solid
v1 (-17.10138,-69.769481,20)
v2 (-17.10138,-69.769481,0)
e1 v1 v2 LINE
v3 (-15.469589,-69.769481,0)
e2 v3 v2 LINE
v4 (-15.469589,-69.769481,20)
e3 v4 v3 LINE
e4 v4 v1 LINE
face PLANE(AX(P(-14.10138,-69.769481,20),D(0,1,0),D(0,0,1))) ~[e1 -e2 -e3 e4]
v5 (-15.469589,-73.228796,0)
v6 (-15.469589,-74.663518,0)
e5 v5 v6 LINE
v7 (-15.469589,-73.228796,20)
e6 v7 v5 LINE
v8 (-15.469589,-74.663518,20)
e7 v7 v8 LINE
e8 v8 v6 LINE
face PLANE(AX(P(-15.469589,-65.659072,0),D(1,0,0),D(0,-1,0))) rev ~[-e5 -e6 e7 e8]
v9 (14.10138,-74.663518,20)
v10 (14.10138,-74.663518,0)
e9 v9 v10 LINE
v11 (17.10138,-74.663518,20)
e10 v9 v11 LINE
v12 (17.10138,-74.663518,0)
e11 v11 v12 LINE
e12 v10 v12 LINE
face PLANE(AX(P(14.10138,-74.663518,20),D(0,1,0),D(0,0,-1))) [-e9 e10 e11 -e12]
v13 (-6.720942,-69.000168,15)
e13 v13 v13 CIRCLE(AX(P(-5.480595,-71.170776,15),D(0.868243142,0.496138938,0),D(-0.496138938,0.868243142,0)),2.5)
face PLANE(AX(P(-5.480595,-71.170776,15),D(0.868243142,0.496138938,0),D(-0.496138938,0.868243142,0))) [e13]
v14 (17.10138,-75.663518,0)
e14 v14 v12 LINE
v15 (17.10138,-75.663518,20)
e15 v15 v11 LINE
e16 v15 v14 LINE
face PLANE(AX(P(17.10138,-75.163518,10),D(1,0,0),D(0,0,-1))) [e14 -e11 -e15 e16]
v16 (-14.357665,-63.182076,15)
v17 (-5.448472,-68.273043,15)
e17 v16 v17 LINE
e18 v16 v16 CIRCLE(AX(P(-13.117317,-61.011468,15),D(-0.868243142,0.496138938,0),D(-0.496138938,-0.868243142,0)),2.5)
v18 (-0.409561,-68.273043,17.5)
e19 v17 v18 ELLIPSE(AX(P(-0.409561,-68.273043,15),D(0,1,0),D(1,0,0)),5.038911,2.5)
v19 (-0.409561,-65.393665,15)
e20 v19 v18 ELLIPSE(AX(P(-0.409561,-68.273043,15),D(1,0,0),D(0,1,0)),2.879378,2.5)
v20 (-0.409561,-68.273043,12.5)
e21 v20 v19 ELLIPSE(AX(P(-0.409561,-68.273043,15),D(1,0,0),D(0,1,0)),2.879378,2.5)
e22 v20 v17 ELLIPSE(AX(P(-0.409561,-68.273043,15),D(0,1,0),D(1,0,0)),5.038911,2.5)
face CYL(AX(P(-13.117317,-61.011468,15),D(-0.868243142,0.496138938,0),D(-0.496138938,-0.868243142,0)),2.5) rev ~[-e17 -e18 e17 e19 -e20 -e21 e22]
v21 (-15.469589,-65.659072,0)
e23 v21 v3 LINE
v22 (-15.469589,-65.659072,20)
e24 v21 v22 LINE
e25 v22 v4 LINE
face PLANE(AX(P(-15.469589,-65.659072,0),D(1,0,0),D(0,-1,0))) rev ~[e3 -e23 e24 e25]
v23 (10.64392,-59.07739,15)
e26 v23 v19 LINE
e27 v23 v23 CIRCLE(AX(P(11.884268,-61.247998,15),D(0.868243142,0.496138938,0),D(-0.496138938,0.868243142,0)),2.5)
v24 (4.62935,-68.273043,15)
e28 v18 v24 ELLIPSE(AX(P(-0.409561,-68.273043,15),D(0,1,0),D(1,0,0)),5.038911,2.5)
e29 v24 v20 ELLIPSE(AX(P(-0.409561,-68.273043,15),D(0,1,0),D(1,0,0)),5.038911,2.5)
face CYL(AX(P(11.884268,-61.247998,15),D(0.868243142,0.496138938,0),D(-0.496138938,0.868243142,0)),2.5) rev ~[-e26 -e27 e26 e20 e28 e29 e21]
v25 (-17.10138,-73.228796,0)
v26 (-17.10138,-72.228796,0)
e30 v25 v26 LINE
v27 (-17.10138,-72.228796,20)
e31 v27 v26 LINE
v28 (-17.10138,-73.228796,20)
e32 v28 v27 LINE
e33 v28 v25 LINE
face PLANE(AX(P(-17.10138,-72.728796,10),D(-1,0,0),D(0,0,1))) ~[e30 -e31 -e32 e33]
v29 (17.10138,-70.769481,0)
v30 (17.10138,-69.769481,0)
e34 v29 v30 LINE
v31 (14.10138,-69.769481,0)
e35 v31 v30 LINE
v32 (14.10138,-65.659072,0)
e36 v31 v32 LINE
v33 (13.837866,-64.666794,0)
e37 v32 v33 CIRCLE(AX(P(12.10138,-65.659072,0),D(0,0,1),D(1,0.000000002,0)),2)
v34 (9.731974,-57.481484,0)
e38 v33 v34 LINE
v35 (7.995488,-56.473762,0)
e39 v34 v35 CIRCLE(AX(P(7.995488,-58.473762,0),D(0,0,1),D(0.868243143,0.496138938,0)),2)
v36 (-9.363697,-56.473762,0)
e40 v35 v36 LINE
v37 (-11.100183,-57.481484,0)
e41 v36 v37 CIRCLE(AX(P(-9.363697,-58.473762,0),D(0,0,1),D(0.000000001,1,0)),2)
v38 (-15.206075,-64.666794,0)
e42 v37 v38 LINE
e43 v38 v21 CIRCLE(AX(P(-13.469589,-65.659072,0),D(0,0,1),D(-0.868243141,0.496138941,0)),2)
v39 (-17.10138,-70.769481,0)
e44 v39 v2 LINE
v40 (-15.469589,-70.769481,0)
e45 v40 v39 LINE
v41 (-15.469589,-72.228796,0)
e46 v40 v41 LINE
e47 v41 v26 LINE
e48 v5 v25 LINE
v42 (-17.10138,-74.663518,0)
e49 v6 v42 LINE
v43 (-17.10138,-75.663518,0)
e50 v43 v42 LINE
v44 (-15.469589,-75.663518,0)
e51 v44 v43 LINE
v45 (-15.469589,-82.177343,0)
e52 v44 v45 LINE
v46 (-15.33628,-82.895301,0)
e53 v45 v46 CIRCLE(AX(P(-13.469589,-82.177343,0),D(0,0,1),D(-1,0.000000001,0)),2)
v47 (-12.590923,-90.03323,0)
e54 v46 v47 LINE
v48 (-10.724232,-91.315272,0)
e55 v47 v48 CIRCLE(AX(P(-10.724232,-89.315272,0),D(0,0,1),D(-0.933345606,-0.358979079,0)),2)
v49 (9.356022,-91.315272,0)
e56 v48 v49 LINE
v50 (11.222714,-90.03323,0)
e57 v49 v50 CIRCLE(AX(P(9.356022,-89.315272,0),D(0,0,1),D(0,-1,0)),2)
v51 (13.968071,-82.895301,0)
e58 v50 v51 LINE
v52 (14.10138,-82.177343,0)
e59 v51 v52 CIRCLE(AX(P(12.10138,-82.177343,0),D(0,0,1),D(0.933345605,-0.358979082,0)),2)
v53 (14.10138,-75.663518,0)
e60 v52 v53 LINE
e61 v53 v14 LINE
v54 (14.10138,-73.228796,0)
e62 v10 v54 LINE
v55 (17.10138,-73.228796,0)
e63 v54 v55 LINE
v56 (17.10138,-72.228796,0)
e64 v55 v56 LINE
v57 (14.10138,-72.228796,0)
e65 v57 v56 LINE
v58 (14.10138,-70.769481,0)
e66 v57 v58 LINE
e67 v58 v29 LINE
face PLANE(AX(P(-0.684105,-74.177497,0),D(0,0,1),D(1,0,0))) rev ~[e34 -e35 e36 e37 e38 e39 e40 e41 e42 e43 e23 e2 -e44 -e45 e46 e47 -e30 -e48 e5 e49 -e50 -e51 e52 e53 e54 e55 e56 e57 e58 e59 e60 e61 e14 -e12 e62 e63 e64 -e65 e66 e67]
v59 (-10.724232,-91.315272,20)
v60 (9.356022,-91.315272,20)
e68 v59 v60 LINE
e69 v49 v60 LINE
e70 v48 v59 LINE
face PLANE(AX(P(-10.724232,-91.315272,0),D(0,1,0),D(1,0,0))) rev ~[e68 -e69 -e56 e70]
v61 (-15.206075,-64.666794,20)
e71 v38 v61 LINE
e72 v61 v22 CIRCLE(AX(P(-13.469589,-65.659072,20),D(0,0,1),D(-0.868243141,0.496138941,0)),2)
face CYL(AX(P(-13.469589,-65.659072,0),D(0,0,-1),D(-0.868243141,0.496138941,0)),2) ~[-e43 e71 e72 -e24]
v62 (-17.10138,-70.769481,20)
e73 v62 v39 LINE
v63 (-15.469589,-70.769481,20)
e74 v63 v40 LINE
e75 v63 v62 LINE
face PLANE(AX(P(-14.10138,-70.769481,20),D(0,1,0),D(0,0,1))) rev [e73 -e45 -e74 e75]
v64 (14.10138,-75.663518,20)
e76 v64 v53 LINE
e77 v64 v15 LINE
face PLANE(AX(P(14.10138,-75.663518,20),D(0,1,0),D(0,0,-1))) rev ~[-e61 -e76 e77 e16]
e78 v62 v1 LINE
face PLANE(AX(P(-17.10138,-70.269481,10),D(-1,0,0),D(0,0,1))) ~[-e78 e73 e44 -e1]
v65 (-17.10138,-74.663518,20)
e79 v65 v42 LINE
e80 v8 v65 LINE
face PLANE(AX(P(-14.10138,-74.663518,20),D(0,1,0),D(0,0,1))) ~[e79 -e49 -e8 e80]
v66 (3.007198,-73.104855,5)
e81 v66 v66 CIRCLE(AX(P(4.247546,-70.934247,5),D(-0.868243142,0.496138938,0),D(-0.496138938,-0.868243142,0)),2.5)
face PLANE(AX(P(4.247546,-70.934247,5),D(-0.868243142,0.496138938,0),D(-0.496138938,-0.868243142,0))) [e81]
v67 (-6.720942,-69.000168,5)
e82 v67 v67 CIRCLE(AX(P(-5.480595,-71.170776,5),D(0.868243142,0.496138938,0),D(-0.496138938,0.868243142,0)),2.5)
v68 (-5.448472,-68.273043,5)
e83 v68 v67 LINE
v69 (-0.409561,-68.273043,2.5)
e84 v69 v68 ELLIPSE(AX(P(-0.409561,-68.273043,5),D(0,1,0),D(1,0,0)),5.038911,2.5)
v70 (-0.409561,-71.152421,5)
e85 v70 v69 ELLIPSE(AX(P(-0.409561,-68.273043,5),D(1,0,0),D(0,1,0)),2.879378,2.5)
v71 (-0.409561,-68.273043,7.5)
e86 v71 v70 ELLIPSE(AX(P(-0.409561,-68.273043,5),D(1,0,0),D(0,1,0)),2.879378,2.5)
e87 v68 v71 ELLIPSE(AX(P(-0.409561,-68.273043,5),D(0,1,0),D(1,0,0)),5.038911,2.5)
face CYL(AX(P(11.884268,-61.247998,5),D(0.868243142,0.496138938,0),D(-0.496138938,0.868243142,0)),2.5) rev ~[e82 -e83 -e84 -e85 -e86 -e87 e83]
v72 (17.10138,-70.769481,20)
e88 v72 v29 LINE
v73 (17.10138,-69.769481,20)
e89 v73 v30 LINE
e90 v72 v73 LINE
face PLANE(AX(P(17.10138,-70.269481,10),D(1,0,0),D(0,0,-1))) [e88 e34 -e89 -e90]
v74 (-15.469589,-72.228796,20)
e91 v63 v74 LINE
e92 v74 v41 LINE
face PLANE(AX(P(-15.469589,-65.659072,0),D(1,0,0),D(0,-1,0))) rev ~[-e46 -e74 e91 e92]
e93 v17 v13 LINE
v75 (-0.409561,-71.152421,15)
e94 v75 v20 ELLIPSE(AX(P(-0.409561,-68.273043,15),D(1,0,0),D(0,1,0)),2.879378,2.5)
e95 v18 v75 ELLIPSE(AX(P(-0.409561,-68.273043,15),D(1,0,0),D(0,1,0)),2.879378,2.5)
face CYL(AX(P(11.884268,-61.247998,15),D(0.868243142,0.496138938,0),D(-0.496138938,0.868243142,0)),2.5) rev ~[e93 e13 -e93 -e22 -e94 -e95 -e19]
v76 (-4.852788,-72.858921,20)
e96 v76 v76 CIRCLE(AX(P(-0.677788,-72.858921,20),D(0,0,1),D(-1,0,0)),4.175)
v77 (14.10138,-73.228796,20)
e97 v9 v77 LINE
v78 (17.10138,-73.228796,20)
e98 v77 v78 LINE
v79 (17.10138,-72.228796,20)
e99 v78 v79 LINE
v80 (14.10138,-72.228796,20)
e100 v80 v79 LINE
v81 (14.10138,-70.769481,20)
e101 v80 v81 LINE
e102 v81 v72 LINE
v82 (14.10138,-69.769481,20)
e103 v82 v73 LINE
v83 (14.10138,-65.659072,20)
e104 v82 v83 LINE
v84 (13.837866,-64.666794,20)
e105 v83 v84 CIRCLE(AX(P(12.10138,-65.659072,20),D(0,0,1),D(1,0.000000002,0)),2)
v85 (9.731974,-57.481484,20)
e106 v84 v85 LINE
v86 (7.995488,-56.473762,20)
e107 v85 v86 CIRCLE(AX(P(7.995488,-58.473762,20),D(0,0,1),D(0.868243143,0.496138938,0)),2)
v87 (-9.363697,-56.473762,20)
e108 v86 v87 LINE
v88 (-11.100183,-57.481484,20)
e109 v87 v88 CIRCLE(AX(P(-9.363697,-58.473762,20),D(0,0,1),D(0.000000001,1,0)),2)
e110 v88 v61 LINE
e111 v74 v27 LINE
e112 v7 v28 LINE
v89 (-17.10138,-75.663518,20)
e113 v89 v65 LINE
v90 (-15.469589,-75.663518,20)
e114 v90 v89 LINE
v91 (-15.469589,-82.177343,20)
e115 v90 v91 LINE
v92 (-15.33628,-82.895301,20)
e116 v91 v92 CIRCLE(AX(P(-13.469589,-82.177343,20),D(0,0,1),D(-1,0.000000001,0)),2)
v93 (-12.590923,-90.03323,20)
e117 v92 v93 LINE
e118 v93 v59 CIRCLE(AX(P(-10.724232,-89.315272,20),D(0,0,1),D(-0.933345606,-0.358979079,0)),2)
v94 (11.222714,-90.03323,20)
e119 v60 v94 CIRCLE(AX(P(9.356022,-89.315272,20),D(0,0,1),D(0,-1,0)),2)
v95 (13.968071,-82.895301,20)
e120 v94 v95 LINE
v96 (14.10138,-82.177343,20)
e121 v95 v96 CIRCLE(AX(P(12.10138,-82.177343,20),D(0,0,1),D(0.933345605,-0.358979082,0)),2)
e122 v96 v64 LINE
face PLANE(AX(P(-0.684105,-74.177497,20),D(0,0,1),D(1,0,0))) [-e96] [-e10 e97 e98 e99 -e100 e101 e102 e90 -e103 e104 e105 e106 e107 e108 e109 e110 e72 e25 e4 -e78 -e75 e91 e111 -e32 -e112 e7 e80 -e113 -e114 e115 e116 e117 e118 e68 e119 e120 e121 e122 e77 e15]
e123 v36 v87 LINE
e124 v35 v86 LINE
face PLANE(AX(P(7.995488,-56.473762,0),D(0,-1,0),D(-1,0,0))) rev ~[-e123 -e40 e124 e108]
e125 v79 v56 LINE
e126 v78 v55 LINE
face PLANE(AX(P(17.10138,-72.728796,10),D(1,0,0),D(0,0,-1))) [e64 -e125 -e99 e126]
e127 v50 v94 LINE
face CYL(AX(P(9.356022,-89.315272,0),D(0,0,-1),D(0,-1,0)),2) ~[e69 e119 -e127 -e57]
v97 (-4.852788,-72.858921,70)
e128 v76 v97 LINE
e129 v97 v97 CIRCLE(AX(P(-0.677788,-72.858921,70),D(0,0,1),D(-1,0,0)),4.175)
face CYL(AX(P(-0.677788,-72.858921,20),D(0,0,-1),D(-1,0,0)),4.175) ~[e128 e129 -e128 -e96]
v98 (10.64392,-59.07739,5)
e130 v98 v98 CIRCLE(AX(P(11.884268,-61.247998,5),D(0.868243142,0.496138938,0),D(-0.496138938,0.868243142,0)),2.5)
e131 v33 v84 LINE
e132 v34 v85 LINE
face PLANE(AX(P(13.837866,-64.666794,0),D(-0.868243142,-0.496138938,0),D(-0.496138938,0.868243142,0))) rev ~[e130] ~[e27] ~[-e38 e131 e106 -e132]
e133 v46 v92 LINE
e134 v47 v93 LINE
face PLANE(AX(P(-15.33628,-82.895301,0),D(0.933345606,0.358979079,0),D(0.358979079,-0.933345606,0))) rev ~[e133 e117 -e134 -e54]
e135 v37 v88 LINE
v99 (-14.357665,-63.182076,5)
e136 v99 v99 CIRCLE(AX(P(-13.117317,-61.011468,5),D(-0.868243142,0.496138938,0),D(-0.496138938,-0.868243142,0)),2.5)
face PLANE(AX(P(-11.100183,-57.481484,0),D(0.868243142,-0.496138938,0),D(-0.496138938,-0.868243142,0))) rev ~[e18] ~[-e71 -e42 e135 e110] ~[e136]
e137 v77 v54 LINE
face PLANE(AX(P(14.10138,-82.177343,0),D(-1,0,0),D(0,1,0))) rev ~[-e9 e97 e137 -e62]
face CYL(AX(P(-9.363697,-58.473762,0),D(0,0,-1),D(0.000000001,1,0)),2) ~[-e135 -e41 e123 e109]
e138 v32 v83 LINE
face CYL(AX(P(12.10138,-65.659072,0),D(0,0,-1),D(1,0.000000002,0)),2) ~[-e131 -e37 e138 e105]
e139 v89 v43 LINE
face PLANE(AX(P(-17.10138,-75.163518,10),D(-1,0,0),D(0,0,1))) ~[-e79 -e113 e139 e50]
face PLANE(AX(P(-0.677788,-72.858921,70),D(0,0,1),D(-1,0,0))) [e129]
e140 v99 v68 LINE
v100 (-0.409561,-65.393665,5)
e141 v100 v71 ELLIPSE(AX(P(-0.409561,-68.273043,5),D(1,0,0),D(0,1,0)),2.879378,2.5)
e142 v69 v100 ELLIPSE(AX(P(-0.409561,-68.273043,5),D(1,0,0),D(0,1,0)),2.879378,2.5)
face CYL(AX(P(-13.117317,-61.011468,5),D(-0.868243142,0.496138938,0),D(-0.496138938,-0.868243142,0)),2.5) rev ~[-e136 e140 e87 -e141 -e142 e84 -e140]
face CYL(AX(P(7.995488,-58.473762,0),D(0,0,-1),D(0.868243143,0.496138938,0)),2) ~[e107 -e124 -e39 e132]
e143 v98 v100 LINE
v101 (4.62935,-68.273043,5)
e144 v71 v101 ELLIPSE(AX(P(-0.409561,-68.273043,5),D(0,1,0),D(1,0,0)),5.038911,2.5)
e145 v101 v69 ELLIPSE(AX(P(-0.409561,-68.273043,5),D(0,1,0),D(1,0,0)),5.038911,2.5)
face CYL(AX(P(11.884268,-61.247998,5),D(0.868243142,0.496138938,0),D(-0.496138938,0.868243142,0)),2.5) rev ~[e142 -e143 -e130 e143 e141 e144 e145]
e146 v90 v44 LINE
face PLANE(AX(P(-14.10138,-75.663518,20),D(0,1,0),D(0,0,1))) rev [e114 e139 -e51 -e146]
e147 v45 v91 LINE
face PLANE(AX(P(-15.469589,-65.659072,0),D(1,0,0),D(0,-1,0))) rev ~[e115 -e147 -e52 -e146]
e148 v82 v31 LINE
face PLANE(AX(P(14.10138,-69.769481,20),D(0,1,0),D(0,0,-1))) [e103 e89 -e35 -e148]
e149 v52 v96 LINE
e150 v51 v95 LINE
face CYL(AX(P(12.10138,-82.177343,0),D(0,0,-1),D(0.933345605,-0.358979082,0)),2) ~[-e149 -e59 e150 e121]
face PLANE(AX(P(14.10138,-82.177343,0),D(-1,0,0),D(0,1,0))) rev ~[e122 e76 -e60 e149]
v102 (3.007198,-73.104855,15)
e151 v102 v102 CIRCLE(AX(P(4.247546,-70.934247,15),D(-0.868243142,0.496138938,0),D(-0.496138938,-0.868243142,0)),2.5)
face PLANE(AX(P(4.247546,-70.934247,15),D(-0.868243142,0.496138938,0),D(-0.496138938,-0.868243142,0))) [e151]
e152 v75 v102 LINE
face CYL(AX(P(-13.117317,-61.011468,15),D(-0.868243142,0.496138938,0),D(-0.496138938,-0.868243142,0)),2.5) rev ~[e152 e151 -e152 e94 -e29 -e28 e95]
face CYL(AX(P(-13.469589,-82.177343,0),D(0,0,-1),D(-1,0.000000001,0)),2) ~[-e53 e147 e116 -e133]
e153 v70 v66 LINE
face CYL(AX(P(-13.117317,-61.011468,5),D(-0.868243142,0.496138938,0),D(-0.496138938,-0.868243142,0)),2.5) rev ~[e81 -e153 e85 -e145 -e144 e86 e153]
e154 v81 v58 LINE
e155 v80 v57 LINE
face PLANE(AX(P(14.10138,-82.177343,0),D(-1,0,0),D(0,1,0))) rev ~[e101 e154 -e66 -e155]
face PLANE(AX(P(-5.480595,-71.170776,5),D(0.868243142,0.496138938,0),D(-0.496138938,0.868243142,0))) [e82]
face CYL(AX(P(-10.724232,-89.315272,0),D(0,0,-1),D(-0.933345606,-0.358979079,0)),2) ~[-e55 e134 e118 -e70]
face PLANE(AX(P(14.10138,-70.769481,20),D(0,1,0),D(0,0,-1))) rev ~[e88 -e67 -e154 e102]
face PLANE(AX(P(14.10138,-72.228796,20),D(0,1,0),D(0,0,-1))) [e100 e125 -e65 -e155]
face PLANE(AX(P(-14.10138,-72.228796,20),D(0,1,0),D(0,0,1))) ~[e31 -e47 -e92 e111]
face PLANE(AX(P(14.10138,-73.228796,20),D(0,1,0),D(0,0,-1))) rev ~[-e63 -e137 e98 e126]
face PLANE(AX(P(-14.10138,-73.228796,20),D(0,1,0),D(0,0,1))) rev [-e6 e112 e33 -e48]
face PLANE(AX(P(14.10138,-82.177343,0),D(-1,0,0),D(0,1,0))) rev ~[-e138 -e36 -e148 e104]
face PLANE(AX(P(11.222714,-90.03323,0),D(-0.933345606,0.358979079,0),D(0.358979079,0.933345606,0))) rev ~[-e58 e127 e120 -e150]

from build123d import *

# Parameters (mm, degrees)
BOSS_EXTRUDE1_DEPTH = 20
SKETCH2_R           = 4.175
BOSS_EXTRUDE2_DEPTH = 50
SKETCH3_R           = 2.5
CUT_EXTRUDE1_DEPTH  = 20
SKETCH4_R           = 2.5
CUT_EXTRUDE2_DEPTH  = 20
SKETCH5_W           = 20
SKETCH5_H           = 1
BOSS_EXTRUDE3_DEPTH = 3


with BuildPart() as part:
    # Sketch1 → Boss-Extrude1 (new body)
    with BuildSketch(Plane.XY):
        with BuildLine():
            Line((7.995487969, -56.473761751), (-9.363697209, -56.473761751))
            ThreePointArc((-9.363697209, -56.473761751), (-10.367550845, -56.743941564), (-11.100183493, -57.481483874))
            Line((-11.100183493, -57.481483874), (-15.206075193, -64.666794349))
            ThreePointArc((-15.206075193, -64.666794349), (-15.402588207, -65.145736355), (-15.469588909, -65.659072225))
            Line((-15.469588909, -65.659072225), (-15.469588909, -82.177343211))
            ThreePointArc((-15.469588909, -82.177343211), (-15.435979311, -82.54245797), (-15.336280121, -82.895301369))
            Line((-15.336280121, -82.895301369), (-12.59092286, -90.03323025))
            ThreePointArc((-12.59092286, -90.03323025), (-11.856504513, -90.963895201), (-10.724231647, -91.315272091))
            Line((-10.724231647, -91.315272091), (9.356022407, -91.315272091))
            ThreePointArc((9.356022407, -91.315272091), (10.488295272, -90.963895201), (11.22271362, -90.03323025))
            Line((11.22271362, -90.03323025), (13.968070881, -82.895301369))
            ThreePointArc((13.968070881, -82.895301369), (14.067770071, -82.54245797), (14.101379669, -82.177343211))
            Line((14.101379669, -82.177343211), (14.101379669, -65.659072225))
            ThreePointArc((14.101379669, -65.659072225), (14.034378966, -65.145736355), (13.837865953, -64.666794349))
            Line((13.837865953, -64.666794349), (9.731974253, -57.481483874))
            ThreePointArc((9.731974253, -57.481483874), (8.999341605, -56.743941564), (7.995487969, -56.473761751))
        make_face()
    extrude(amount=BOSS_EXTRUDE1_DEPTH)

    # Sketch2 → Boss-Extrude2 (add)
    with BuildSketch(Plane.XY.offset(20)):
        with Locations(Location((-0.677787665, -72.858920612, 0), (0, 0, 180))):
            Circle(SKETCH2_R)
    extrude(amount=BOSS_EXTRUDE2_DEPTH)

    # Sketch3 → Cut-Extrude1 (cut)
    with BuildSketch(Plane(origin=(-17.424843232, -9.957053275, 0), x_dir=(0, 0, -1), z_dir=(0.868243142124459, 0.4961389383568344, 0))):
        with Locations(Location((-15, -59.074401838, 0), (0, 0, 90))):
            Circle(SKETCH3_R)
        with Locations(Location((-5, -59.074401838, 0), (0, 0, 90))):
            Circle(SKETCH3_R)
    extrude(amount=-CUT_EXTRUDE1_DEPTH, mode=Mode.SUBTRACT)

    # Sketch4 → Cut-Extrude2 (cut)
    with BuildSketch(Plane(origin=(16.393423958, -9.367670833, 0), x_dir=(0, 0, 1), z_dir=(-0.8682431421244587, 0.4961389383568347, 0))):
        with Locations(Location((5, -59.480800533, 0), (0, 0, 270))):
            Circle(SKETCH4_R)
        with Locations(Location((15, -59.480800533, 0), (0, 0, 270))):
            Circle(SKETCH4_R)
    extrude(amount=-CUT_EXTRUDE2_DEPTH, mode=Mode.SUBTRACT)

    # Sketch5 → Boss-Extrude3 (add)
    with BuildSketch(Plane(origin=(14.101379669, 0, 0), x_dir=(0, 0, -1), z_dir=(1, 0, 0))):
        with Locations((-10, -70.26948122)):
            Rectangle(SKETCH5_W, SKETCH5_H)
        with Locations((-10, -72.728796036)):
            Rectangle(SKETCH5_W, SKETCH5_H)
        with Locations((-10, -75.163517703)):
            Rectangle(SKETCH5_W, SKETCH5_H)
    boss_extrude3 = extrude(amount=BOSS_EXTRUDE3_DEPTH)

    # Mirror1: Boss-Extrude3 across plane
    add(boss_extrude3.mirror(Plane(origin=(0, 0, 0), x_dir=(0, 0, 1), z_dir=(1, 0, 0))))


solid = part.part
